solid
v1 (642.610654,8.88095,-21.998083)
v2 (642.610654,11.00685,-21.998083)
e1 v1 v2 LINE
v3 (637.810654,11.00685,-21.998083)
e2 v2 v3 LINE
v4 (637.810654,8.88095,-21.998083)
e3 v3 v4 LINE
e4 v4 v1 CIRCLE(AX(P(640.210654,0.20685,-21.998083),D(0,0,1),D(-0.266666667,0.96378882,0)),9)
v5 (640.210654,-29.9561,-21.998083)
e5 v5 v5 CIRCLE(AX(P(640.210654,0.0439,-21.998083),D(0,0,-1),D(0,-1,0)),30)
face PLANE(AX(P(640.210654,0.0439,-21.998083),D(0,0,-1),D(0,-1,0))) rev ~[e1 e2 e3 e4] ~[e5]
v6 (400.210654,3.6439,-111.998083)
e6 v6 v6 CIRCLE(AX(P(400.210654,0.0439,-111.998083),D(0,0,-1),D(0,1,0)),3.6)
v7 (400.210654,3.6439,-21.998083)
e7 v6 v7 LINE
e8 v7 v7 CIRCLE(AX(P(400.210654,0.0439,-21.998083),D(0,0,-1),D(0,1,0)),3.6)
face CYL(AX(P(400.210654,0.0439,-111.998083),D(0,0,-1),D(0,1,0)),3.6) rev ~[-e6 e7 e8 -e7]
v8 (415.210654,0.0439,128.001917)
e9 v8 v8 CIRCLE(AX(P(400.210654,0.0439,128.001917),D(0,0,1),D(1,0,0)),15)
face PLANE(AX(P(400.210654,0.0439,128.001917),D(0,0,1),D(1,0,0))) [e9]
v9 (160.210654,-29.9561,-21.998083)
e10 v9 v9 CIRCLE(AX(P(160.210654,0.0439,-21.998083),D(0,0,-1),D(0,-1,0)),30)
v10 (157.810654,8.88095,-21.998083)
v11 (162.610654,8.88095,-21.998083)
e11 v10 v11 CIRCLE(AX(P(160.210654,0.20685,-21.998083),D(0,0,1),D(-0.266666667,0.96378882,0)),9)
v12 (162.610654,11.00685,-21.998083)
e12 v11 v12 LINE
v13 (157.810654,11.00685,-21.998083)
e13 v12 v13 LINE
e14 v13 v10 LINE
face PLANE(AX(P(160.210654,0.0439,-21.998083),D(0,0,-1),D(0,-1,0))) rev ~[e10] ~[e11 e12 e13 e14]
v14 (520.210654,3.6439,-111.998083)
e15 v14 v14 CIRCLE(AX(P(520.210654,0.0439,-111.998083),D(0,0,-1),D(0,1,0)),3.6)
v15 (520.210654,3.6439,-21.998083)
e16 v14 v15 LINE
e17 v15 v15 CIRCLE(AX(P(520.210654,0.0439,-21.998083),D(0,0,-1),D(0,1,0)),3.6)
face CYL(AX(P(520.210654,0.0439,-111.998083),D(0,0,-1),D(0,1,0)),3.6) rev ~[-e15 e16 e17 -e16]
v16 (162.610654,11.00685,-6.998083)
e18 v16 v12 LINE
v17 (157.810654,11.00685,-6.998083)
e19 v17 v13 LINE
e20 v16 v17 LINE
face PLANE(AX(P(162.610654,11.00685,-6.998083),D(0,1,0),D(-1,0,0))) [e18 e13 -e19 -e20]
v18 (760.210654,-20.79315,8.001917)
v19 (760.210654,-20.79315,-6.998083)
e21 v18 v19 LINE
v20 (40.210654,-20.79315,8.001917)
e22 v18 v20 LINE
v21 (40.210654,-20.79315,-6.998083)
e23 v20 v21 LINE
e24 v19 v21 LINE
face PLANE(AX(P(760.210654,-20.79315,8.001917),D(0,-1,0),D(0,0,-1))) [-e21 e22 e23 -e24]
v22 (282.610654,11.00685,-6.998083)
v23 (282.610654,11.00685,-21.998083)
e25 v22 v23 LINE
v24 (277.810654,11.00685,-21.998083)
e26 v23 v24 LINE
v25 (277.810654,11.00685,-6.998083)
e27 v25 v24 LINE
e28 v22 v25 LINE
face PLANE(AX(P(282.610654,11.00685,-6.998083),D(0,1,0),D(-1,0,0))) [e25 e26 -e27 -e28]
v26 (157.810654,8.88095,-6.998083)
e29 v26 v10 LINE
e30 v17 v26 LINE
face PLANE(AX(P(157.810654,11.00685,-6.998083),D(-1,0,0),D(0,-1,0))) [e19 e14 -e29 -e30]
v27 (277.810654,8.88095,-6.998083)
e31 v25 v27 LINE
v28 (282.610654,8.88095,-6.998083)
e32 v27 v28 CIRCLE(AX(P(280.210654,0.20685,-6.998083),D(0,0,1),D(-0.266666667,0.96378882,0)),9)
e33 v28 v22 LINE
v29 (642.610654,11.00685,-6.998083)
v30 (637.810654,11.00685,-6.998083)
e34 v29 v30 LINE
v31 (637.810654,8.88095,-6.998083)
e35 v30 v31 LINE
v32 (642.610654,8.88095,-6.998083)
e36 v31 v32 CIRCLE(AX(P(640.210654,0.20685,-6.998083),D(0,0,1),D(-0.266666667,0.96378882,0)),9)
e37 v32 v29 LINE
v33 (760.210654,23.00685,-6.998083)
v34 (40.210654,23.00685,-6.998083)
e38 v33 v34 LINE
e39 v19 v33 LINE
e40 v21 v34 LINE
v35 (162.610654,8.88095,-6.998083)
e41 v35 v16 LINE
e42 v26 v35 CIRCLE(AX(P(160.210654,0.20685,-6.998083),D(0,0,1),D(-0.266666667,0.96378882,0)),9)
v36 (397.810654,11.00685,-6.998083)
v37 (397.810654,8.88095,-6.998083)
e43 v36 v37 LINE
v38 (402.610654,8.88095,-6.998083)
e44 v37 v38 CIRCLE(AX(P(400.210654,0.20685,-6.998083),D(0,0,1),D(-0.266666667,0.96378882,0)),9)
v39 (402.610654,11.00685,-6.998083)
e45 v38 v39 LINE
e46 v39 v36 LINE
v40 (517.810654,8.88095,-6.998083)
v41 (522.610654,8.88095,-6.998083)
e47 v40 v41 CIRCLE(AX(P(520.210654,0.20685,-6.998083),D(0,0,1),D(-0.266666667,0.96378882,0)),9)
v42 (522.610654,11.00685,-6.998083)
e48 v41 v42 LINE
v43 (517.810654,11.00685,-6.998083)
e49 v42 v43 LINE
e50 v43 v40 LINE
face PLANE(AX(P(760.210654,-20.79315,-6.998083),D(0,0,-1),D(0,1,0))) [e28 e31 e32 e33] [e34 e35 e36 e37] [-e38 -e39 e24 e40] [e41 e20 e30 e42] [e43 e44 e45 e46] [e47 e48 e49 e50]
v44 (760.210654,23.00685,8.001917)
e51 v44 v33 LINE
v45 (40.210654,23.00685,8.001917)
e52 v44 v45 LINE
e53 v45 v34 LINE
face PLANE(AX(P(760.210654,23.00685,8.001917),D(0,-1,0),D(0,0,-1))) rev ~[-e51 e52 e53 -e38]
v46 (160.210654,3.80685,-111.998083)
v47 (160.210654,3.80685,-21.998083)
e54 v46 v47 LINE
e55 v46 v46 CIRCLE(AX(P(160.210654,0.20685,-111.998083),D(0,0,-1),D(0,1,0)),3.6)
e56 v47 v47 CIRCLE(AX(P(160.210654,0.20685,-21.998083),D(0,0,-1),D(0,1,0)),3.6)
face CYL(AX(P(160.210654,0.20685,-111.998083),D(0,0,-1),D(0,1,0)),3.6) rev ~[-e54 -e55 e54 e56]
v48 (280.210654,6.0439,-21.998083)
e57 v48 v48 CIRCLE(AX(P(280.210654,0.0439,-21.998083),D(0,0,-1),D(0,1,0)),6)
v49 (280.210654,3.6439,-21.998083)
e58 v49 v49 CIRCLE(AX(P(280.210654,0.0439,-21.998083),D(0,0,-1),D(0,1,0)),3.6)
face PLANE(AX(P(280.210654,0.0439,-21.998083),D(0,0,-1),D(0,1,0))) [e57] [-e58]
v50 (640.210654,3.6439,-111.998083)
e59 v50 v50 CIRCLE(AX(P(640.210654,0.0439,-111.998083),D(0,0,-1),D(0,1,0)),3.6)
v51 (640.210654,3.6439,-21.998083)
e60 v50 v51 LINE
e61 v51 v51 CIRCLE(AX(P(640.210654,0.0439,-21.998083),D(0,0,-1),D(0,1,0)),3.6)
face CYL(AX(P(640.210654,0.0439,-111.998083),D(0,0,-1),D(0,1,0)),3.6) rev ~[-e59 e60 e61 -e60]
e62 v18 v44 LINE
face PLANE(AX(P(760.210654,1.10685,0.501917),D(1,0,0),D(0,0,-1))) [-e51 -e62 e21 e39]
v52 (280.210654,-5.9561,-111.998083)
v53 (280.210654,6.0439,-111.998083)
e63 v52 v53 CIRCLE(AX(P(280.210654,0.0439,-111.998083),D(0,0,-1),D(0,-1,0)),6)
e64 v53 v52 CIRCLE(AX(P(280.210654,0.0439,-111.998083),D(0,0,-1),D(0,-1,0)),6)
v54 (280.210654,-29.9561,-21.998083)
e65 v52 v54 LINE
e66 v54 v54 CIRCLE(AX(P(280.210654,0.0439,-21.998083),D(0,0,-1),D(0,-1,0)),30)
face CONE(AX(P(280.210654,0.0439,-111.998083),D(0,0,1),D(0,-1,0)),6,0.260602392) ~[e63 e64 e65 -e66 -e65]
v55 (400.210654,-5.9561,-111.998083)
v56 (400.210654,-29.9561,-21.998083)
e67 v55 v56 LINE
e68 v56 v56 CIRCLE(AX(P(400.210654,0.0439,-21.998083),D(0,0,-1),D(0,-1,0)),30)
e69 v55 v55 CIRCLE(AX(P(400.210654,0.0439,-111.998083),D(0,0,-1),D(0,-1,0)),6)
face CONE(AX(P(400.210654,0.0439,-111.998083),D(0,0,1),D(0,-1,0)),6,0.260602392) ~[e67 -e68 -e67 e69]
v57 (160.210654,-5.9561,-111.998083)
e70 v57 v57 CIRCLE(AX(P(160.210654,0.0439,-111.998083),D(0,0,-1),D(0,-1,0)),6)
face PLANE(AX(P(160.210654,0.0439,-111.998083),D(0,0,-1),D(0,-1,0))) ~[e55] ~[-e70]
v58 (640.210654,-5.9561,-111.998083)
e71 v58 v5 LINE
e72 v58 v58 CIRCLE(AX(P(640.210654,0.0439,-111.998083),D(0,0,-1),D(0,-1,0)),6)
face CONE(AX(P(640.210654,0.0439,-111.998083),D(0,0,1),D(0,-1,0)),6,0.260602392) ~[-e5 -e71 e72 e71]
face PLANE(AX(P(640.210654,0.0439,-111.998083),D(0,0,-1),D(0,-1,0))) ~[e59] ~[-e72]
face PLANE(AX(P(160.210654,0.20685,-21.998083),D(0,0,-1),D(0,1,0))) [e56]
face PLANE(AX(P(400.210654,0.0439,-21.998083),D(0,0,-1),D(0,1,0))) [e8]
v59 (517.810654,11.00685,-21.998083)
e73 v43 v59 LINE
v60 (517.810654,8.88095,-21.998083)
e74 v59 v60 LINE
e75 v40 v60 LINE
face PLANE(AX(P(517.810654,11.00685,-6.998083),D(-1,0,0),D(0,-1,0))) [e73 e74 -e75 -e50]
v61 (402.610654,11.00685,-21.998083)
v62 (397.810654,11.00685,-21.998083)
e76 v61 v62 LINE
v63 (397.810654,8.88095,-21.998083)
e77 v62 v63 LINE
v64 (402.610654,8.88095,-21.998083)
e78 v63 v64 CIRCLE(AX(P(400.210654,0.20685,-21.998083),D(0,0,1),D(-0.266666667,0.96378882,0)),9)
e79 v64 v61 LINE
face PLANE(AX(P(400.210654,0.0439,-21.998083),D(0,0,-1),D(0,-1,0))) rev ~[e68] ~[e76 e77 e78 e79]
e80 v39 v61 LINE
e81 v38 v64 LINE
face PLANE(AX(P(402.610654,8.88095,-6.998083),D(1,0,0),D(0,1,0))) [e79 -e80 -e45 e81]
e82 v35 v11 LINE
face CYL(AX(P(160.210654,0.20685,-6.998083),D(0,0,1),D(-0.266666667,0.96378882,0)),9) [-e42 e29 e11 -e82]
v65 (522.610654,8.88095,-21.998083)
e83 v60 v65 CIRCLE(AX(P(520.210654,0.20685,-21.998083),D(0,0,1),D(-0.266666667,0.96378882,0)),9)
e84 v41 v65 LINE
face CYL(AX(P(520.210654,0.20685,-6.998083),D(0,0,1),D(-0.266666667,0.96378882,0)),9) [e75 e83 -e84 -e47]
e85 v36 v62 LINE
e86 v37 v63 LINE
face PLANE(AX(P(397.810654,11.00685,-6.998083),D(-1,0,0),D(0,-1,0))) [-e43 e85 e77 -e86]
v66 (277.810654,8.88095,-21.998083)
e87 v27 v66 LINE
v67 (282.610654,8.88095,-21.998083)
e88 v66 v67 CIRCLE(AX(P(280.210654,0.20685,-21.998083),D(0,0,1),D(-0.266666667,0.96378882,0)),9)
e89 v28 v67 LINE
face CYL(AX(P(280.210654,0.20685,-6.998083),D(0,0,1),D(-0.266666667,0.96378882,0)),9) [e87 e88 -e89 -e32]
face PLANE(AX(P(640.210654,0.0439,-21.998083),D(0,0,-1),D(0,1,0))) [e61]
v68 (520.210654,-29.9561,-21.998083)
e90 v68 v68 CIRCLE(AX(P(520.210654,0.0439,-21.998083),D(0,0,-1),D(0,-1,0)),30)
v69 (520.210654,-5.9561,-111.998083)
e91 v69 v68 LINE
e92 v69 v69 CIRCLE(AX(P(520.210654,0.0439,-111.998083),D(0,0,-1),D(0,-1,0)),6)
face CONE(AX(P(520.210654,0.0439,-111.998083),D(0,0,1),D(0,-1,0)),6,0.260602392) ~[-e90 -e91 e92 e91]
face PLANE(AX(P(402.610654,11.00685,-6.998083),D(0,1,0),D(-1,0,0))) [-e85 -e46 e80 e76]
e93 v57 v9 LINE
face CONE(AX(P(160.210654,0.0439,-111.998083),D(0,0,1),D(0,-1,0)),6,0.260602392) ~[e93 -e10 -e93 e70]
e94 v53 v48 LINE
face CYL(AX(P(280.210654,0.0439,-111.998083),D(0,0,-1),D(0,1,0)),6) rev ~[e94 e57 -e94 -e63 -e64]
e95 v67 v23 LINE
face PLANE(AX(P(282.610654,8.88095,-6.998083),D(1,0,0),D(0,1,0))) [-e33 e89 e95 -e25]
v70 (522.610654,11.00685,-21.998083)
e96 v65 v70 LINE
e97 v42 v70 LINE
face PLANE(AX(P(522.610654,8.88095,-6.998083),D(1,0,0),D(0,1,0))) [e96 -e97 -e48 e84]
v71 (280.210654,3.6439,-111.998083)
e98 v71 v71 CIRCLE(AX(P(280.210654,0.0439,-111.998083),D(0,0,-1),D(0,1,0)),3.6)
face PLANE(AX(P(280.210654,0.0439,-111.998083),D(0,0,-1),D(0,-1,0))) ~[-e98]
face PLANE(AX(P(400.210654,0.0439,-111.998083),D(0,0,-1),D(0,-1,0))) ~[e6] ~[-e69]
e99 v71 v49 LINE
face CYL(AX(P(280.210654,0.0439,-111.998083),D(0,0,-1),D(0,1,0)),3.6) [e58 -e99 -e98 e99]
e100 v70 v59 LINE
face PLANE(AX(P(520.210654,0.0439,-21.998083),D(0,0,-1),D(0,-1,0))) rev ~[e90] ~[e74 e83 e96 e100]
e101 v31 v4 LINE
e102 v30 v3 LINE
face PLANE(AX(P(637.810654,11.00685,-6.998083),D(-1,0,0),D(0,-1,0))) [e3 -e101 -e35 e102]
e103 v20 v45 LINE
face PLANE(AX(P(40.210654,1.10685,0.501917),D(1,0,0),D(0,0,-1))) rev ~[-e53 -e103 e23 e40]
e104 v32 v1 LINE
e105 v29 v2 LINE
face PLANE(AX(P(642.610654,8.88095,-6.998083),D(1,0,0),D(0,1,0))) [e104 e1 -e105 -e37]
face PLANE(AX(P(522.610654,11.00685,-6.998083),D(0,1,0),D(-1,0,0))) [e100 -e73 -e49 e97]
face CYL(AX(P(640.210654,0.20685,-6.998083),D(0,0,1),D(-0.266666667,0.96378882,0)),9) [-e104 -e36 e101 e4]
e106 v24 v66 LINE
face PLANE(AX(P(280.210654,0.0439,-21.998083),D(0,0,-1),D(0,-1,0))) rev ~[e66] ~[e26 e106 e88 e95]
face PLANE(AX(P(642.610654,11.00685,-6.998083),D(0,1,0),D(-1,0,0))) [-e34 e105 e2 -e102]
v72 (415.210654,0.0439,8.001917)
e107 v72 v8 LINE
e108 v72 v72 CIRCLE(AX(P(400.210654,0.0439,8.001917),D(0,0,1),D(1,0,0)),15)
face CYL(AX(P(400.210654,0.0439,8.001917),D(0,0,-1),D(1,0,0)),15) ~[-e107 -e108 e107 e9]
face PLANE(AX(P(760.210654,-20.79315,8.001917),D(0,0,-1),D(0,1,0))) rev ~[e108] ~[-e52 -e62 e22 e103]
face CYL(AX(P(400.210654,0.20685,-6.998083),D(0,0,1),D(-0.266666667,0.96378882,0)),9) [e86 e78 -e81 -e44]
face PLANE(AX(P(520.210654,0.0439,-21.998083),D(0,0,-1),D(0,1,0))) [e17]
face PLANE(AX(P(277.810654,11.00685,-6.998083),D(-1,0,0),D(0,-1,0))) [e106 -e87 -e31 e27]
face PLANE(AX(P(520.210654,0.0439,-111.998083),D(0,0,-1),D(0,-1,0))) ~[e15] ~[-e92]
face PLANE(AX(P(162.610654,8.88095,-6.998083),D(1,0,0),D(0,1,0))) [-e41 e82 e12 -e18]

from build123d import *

# Parameters (mm, degrees)
BOSS_EXTRUDE1_DEPTH   = 25
BOSS_EXTRUDE1_2_DEPTH = 25
BOSS_EXTRUDE1_3_DEPTH = 25
BOSS_EXTRUDE1_4_DEPTH = 25
BOSS_EXTRUDE1_5_DEPTH = 25
SKETCH3_R             = 6
CUT_EXTRUDE1_DEPTH    = 150
SKETCH11_R            = 10
SKETCH11_R_2          = 6
CUT_EXTRUDE2_DEPTH    = 150
SKETCH12_W            = 25
SKETCH12_H            = 73
BOSS_EXTRUDE2_DEPTH   = 1200
SKETCH13_R            = 25
BOSS_EXTRUDE3_DEPTH   = 200
SCALE1_SCALE          = 0.6


with BuildPart() as part:
    # Sketch1 → Boss-Extrude1 (new body)
    with BuildSketch(Plane.XY):
        with BuildLine():
            Line((4, 18), (-4, 18))
            Line((-4, 18), (-4, 14.456832295))
            ThreePointArc((-4, 14.456832295), (0, -15), (4, 14.456832295))
            Line((4, 14.456832295), (4, 18))
        make_face()
    extrude(amount=-BOSS_EXTRUDE1_DEPTH)

    # Sketch2 → Revolve1 (revolve)
    with BuildSketch(Plane(origin=(0, 0, 0), x_dir=(0, 0, -1), z_dir=(1, 0, 0)), mode=Mode.PRIVATE) as revolve1_sk:
        Polygon((25, -0.271583853), (175, -0.271583853), (175, 9.728416147), (25, 49.728416147), align=None)
    revolve(revolve1_sk.sketch.rotate(Axis((0, -0.271583853, -25), (0, 0, -1)), 180), axis=Axis((0, -0.271583853, -25), (0, 0, -1)))

    # Sketch3 → Cut-Extrude1 (cut)
    with BuildSketch(Plane(origin=(0, 0, -175), x_dir=(-1, 0, 0), z_dir=(0, 0, -1))):
        with Locations(Location((0, 0, 0), (0, 0, 90))):
            Circle(SKETCH3_R)
    extrude(amount=-CUT_EXTRUDE1_DEPTH, mode=Mode.SUBTRACT)



with BuildPart() as body_2:
    # Sketch1 → Boss-Extrude1 2 (new body)
    with BuildSketch(Plane.XY):
        with BuildLine():
            Line((204, 18), (196, 18))
            Line((196, 18), (196, 14.456832295))
            ThreePointArc((196, 14.456832295), (200, -15), (204, 14.456832295))
            Line((204, 14.456832295), (204, 18))
        make_face()
    extrude(amount=-BOSS_EXTRUDE1_2_DEPTH)

    # Sketch7 → Revolve2 (revolve)
    with BuildSketch(Plane(origin=(200, 0, 0), x_dir=(0, 0, -1), z_dir=(1, 0, 0)), mode=Mode.PRIVATE) as revolve2_sk:
        Polygon((25, -0.271583853), (175, -0.271583853), (175, 9.728416147), (25, 49.728416147), align=None)
    revolve(revolve2_sk.sketch.rotate(Axis((200, -0.271583853, -25), (0, 0, -1)), 180), axis=Axis((200, -0.271583853, -25), (0, 0, -1)))


with BuildPart() as body_3:
    # Sketch1 → Boss-Extrude1 3 (new body)
    with BuildSketch(Plane.XY):
        with BuildLine():
            Line((404, 18), (396, 18))
            Line((396, 18), (396, 14.456832295))
            ThreePointArc((396, 14.456832295), (400, -15), (404, 14.456832295))
            Line((404, 14.456832295), (404, 18))
        make_face()
    extrude(amount=-BOSS_EXTRUDE1_3_DEPTH)

    # Sketch8 → Revolve3 (revolve)
    with BuildSketch(Plane(origin=(400, 0, 0), x_dir=(0, 0, -1), z_dir=(1, 0, 0)), mode=Mode.PRIVATE) as revolve3_sk:
        Polygon((25, -0.271583853), (175, -0.271583853), (175, 9.728416147), (25, 49.728416147), align=None)
    revolve(revolve3_sk.sketch.rotate(Axis((400, -0.271583853, -25), (0, 0, -1)), 180), axis=Axis((400, -0.271583853, -25), (0, 0, -1)))


with BuildPart() as body_4:
    # Sketch1 → Boss-Extrude1 4 (new body)
    with BuildSketch(Plane.XY):
        with BuildLine():
            Line((604, 18), (596, 18))
            Line((596, 18), (596, 14.456832295))
            ThreePointArc((596, 14.456832295), (600, -15), (604, 14.456832295))
            Line((604, 14.456832295), (604, 18))
        make_face()
    extrude(amount=-BOSS_EXTRUDE1_4_DEPTH)

    # Sketch9 → Revolve4 (revolve)
    with BuildSketch(Plane(origin=(600, 0, 0), x_dir=(0, 0, -1), z_dir=(1, 0, 0)), mode=Mode.PRIVATE) as revolve4_sk:
        Polygon((25, -0.271583853), (175, -0.271583853), (175, 9.728416147), (25, 49.728416147), align=None)
    revolve(revolve4_sk.sketch.rotate(Axis((600, -0.271583853, -25), (0, 0, -1)), 180), axis=Axis((600, -0.271583853, -25), (0, 0, -1)))


with BuildPart() as body_5:
    # Sketch1 → Boss-Extrude1 5 (new body)
    with BuildSketch(Plane.XY):
        with BuildLine():
            Line((804, 18), (796, 18))
            Line((796, 18), (796, 14.456832295))
            ThreePointArc((796, 14.456832295), (800, -15), (804, 14.456832295))
            Line((804, 14.456832295), (804, 18))
        make_face()
    extrude(amount=-BOSS_EXTRUDE1_5_DEPTH)

    # Sketch10 → Revolve5 (revolve)
    with BuildSketch(Plane(origin=(800, 0, 0), x_dir=(0, 0, -1), z_dir=(1, 0, 0)), mode=Mode.PRIVATE) as revolve5_sk:
        Polygon((25, -0.271583853), (175, -0.271583853), (175, 9.728416147), (25, 49.728416147), align=None)
    revolve(revolve5_sk.sketch.rotate(Axis((800, -0.271583853, -25), (0, 0, -1)), 180), axis=Axis((800, -0.271583853, -25), (0, 0, -1)))


with BuildPart() as cut_extrude2_tool:
    # Sketch11 → Cut-Extrude2 (new body)
    # profile 1 of 5: a face of its own
    with BuildSketch(Plane(origin=(0, 0, -175), x_dir=(-1, 0, 0), z_dir=(0, 0, -1))):
        with Locations(Location((-200, -0.271583853, 0), (0, 0, 90))):
            Circle(SKETCH11_R)
        with Locations(Location((-200, -0.271583853, 0), (0, 0, 90))):
            Circle(SKETCH11_R_2, mode=Mode.SUBTRACT)
    # profile 2 of 5: a face of its own
    with BuildSketch(Plane(origin=(0, 0, -175), x_dir=(-1, 0, 0), z_dir=(0, 0, -1))):
        with Locations(Location((0, 0, 0), (0, 0, 90))):
            Circle(SKETCH11_R_2)
    # profile 3 of 5: a face of its own
    with BuildSketch(Plane(origin=(0, 0, -175), x_dir=(-1, 0, 0), z_dir=(0, 0, -1))):
        with Locations(Location((-400, -0.271583853, 0), (0, 0, 90))):
            Circle(SKETCH11_R_2)
    # profile 4 of 5: a face of its own
    with BuildSketch(Plane(origin=(0, 0, -175), x_dir=(-1, 0, 0), z_dir=(0, 0, -1))):
        with Locations(Location((-600, -0.271583853, 0), (0, 0, 90))):
            Circle(SKETCH11_R_2)
    # profile 5 of 5: a face of its own
    with BuildSketch(Plane(origin=(0, 0, -175), x_dir=(-1, 0, 0), z_dir=(0, 0, -1))):
        with Locations(Location((-800, -0.271583853, 0), (0, 0, 90))):
            Circle(SKETCH11_R_2)
    extrude(amount=-CUT_EXTRUDE2_DEPTH)


with BuildPart() as body_2_1:
    add(body_2.part)

    # Cut-Extrude2: cut by cut_extrude2_tool
    add(cut_extrude2_tool.part, mode=Mode.SUBTRACT)


with BuildPart() as body_3_1:
    add(body_3.part)

    # Cut-Extrude2: cut by cut_extrude2_tool
    add(cut_extrude2_tool.part, mode=Mode.SUBTRACT)


with BuildPart() as body_4_1:
    add(body_4.part)

    # Cut-Extrude2: cut by cut_extrude2_tool
    add(cut_extrude2_tool.part, mode=Mode.SUBTRACT)


with BuildPart() as body_5_1:
    add(body_5.part)

    # Cut-Extrude2: cut by cut_extrude2_tool
    add(cut_extrude2_tool.part, mode=Mode.SUBTRACT)


with BuildPart() as part_1:
    add(part.part)

    add(body_2_1.part)  # Boss-Extrude2 merges body 2

    add(body_3_1.part)  # Boss-Extrude2 merges body 3

    add(body_4_1.part)  # Boss-Extrude2 merges body 4

    add(body_5_1.part)  # Boss-Extrude2 merges body 5
    # Sketch12 → Boss-Extrude2 (add)
    with BuildSketch(Plane(origin=(1000, 0, 0), x_dir=(0, 0, -1), z_dir=(1, 0, 0))):
        with Locations((-12.5, 1.5)):
            Rectangle(SKETCH12_W, SKETCH12_H)
    extrude(amount=-BOSS_EXTRUDE2_DEPTH)

    # Sketch13 → Boss-Extrude3 (add)
    with BuildSketch(Plane.XY.offset(25)):
        with Locations((400, -0.271583853)):
            Circle(SKETCH13_R)
    extrude(amount=BOSS_EXTRUDE3_DEPTH)


with BuildPart() as part_2:
    # Scale1: scaled about (400.526633952, 0.517126038, -17.495206872)
    add(part_1.part.scale(SCALE1_SCALE).moved(Location((160.210653581, 0.206850415, -6.998082749))))


solid = part_2.part
